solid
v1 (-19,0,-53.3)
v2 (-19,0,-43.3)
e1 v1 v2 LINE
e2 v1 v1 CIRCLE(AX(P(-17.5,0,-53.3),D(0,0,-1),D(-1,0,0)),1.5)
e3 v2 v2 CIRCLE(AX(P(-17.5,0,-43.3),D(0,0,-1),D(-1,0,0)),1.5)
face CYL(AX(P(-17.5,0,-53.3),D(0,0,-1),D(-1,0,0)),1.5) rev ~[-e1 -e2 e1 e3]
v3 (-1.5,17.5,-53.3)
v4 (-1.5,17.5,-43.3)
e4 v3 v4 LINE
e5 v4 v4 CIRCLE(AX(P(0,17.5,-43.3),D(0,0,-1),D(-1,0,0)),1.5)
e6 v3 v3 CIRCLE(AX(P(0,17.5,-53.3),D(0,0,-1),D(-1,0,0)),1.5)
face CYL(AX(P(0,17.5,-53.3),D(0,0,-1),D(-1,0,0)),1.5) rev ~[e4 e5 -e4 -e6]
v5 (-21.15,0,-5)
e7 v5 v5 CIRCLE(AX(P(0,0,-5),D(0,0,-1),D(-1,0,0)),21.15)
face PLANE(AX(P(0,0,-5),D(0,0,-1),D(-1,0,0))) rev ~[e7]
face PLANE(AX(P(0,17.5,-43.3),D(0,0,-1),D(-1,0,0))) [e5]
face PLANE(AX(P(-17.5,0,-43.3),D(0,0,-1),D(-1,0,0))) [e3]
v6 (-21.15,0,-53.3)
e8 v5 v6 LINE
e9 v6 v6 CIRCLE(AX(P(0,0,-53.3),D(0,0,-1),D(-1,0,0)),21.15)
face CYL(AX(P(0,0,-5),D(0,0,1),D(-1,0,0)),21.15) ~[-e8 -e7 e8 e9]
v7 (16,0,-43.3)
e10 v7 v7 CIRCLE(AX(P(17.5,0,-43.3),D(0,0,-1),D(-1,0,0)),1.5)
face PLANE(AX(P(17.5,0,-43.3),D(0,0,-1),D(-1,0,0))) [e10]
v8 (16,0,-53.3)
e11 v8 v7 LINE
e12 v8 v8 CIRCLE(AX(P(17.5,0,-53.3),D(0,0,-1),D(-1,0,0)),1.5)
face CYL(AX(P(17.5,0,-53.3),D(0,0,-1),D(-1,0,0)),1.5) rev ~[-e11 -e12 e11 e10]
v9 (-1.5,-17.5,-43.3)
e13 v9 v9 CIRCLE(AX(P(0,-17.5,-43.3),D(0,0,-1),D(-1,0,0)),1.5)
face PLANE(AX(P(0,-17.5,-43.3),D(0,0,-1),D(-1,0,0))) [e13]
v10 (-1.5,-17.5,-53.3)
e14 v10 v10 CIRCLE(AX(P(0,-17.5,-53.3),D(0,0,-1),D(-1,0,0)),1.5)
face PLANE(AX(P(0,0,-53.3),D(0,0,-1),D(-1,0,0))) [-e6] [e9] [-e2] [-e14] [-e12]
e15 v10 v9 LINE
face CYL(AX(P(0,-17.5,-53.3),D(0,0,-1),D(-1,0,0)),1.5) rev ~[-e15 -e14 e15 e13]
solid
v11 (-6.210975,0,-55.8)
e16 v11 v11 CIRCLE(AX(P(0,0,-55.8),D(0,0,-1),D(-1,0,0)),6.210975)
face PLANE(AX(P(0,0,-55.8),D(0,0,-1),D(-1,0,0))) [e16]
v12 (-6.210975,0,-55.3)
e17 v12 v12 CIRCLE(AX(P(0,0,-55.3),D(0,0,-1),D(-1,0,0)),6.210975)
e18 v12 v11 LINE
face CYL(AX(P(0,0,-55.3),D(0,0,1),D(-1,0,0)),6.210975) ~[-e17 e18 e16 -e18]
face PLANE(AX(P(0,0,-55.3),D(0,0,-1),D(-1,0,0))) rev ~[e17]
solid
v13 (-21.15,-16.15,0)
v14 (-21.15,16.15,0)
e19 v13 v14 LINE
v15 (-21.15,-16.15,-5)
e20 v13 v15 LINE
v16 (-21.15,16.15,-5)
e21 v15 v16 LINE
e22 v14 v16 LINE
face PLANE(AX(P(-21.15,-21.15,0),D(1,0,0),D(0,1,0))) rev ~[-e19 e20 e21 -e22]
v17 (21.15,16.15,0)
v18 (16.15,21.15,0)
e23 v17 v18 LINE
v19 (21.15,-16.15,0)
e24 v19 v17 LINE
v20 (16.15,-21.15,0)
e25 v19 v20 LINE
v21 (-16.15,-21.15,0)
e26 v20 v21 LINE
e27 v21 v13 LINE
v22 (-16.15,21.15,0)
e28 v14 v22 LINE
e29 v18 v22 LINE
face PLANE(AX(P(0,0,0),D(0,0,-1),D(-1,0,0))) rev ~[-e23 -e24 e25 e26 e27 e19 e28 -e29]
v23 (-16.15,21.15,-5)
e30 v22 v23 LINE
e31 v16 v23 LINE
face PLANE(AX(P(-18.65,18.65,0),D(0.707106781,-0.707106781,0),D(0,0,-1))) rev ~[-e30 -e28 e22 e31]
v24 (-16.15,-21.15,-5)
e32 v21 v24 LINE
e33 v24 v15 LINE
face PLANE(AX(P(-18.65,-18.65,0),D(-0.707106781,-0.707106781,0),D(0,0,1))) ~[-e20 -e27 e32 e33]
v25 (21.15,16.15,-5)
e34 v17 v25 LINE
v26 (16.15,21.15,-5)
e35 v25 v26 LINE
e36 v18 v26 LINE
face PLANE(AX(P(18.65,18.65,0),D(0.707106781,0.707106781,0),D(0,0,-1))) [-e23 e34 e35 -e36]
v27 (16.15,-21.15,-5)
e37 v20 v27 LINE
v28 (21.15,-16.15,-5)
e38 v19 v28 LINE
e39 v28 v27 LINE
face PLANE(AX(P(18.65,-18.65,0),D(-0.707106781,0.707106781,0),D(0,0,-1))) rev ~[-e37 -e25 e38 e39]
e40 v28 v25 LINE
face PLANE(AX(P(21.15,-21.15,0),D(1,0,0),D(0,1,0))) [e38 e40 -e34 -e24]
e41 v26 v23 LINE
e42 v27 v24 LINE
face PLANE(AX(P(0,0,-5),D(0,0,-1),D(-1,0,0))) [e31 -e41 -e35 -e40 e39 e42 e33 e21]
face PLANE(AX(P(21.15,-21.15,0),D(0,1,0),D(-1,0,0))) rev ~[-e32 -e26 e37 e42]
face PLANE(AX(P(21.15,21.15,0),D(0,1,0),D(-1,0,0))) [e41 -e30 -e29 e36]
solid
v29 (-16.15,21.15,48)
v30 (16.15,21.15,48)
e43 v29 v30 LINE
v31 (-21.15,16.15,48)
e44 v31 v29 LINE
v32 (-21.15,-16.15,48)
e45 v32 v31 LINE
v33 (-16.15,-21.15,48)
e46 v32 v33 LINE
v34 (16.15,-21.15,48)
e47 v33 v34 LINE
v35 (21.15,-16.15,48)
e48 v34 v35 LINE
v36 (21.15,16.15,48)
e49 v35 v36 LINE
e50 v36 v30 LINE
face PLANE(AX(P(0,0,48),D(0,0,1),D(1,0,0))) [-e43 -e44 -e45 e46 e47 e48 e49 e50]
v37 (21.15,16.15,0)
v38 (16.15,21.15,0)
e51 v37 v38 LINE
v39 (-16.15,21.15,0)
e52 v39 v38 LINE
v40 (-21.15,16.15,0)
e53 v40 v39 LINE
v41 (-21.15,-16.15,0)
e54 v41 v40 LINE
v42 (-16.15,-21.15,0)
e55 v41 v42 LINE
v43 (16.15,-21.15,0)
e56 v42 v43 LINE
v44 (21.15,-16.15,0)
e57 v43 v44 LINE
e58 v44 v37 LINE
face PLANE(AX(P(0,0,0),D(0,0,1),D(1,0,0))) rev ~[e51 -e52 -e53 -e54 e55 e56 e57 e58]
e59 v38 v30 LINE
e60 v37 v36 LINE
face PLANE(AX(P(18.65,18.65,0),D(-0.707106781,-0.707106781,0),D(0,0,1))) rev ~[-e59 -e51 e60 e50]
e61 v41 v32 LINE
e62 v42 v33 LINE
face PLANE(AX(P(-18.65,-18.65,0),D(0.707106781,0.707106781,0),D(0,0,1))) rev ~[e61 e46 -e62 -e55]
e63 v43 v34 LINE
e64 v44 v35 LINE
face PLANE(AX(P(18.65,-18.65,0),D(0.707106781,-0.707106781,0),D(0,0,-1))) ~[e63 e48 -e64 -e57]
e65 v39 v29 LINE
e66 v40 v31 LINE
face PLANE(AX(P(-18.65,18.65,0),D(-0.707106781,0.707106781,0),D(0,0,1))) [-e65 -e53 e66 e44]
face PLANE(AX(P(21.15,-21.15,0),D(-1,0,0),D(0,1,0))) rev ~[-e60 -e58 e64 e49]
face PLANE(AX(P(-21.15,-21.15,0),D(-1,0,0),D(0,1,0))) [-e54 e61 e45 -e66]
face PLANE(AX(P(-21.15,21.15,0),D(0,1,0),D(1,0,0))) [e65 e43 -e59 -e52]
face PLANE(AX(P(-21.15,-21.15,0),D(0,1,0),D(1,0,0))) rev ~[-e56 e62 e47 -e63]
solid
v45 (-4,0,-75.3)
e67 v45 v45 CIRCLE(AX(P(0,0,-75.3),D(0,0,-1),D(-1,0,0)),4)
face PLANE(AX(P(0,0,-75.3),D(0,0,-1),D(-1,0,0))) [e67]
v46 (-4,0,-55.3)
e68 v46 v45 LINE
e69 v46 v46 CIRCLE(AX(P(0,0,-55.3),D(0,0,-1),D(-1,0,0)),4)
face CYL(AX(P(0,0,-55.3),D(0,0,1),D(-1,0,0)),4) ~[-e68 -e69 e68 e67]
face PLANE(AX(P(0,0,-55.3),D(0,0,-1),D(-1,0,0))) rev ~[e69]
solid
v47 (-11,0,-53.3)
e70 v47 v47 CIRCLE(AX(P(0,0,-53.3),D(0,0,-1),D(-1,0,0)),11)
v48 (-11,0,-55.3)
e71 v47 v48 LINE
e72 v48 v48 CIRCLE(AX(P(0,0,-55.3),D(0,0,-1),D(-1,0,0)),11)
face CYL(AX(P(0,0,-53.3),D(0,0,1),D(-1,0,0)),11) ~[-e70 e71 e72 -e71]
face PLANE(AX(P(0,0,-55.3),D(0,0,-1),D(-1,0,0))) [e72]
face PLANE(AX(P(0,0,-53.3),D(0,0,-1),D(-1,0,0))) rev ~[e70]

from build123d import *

# Parameters (mm, degrees)
SKETCH1_W           = 42.3
SKETCH1_H           = 42.3
BOSS_EXTRUDE1_DEPTH = 48
CHAMFER1_SIZE       = 5
SKETCH2_W           = 42.3
SKETCH2_H           = 42.3
BOSS_EXTRUDE2_DEPTH = 5
CHAMFER2_SIZE       = 5
SKETCH3_R           = 21.15
BOSS_EXTRUDE3_DEPTH = 48.3
SKETCH4_R           = 11
BOSS_EXTRUDE4_DEPTH = 2
SKETCH5_R           = 4
BOSS_EXTRUDE5_DEPTH = 20
SKETCH6_R           = 6.210975092
BOSS_EXTRUDE6_DEPTH = 0.5
SKETCH7_R           = 1.5
CUT_EXTRUDE2_DEPTH  = 10


with BuildPart() as part:
    # Sketch1 → Boss-Extrude1 (new body)
    with BuildSketch(Plane.XY):
        Rectangle(SKETCH1_W, SKETCH1_H)
    extrude(amount=BOSS_EXTRUDE1_DEPTH)

    # Chamfer1
    chamfer1_edges = [part.edges().sort_by_distance(p)[0] for p in [
        (21.15, -21.15, 24),
        (-21.15, -21.15, 24),
        (-21.15, 21.15, 24),
        (21.15, 21.15, 24),
    ]]
    chamfer(chamfer1_edges, length=CHAMFER1_SIZE)


with BuildPart() as body_2:
    # Sketch2 → Boss-Extrude2 (new body)
    with BuildSketch(Plane(origin=(0, 0, 0), x_dir=(-1, 0, 0), z_dir=(0, 0, -1))):
        Rectangle(SKETCH2_W, SKETCH2_H)
    extrude(amount=BOSS_EXTRUDE2_DEPTH)

    # Chamfer2
    chamfer2_edges = [body_2.edges().sort_by_distance(p)[0] for p in [
        (-21.15, -21.15, -2.5),
        (21.15, -21.15, -2.5),
        (21.15, 21.15, -2.5),
        (-21.15, 21.15, -2.5),
    ]]
    chamfer(chamfer2_edges, length=CHAMFER2_SIZE)


with BuildPart() as body_3:
    # Sketch3 → Boss-Extrude3 (new body)
    with BuildSketch(Plane(origin=(0, 0, -5), x_dir=(-1, 0, 0), z_dir=(0, 0, -1))):
        Circle(SKETCH3_R)
    extrude(amount=BOSS_EXTRUDE3_DEPTH)

    # Sketch7 → Cut-Extrude2 (cut)
    with BuildSketch(Plane(origin=(0, 0, -53.3), x_dir=(-1, 0, 0), z_dir=(0, 0, -1))):
        with Locations((-17.5, 0)):
            Circle(SKETCH7_R)
        with Locations((0, 17.5)):
            Circle(SKETCH7_R)
        with Locations((17.5, 0)):
            Circle(SKETCH7_R)
        with Locations((0, -17.5)):
            Circle(SKETCH7_R)
    extrude(amount=-CUT_EXTRUDE2_DEPTH, mode=Mode.SUBTRACT)


with BuildPart() as body_4:
    # Sketch4 → Boss-Extrude4 (new body)
    with BuildSketch(Plane(origin=(0, 0, -53.3), x_dir=(-1, 0, 0), z_dir=(0, 0, -1))):
        Circle(SKETCH4_R)
    extrude(amount=BOSS_EXTRUDE4_DEPTH)


with BuildPart() as body_5:
    # Sketch5 → Boss-Extrude5 (new body)
    with BuildSketch(Plane(origin=(0, 0, -55.3), x_dir=(-1, 0, 0), z_dir=(0, 0, -1))):
        Circle(SKETCH5_R)
    extrude(amount=BOSS_EXTRUDE5_DEPTH)


with BuildPart() as body_6:
    # Sketch6 → Boss-Extrude6 (new body)
    with BuildSketch(Plane(origin=(0, 0, -55.3), x_dir=(-1, 0, 0), z_dir=(0, 0, -1))):
        Circle(SKETCH6_R)
    extrude(amount=BOSS_EXTRUDE6_DEPTH)


solid = Compound([part.part, body_2.part, body_3.part, body_4.part, body_5.part, body_6.part])
